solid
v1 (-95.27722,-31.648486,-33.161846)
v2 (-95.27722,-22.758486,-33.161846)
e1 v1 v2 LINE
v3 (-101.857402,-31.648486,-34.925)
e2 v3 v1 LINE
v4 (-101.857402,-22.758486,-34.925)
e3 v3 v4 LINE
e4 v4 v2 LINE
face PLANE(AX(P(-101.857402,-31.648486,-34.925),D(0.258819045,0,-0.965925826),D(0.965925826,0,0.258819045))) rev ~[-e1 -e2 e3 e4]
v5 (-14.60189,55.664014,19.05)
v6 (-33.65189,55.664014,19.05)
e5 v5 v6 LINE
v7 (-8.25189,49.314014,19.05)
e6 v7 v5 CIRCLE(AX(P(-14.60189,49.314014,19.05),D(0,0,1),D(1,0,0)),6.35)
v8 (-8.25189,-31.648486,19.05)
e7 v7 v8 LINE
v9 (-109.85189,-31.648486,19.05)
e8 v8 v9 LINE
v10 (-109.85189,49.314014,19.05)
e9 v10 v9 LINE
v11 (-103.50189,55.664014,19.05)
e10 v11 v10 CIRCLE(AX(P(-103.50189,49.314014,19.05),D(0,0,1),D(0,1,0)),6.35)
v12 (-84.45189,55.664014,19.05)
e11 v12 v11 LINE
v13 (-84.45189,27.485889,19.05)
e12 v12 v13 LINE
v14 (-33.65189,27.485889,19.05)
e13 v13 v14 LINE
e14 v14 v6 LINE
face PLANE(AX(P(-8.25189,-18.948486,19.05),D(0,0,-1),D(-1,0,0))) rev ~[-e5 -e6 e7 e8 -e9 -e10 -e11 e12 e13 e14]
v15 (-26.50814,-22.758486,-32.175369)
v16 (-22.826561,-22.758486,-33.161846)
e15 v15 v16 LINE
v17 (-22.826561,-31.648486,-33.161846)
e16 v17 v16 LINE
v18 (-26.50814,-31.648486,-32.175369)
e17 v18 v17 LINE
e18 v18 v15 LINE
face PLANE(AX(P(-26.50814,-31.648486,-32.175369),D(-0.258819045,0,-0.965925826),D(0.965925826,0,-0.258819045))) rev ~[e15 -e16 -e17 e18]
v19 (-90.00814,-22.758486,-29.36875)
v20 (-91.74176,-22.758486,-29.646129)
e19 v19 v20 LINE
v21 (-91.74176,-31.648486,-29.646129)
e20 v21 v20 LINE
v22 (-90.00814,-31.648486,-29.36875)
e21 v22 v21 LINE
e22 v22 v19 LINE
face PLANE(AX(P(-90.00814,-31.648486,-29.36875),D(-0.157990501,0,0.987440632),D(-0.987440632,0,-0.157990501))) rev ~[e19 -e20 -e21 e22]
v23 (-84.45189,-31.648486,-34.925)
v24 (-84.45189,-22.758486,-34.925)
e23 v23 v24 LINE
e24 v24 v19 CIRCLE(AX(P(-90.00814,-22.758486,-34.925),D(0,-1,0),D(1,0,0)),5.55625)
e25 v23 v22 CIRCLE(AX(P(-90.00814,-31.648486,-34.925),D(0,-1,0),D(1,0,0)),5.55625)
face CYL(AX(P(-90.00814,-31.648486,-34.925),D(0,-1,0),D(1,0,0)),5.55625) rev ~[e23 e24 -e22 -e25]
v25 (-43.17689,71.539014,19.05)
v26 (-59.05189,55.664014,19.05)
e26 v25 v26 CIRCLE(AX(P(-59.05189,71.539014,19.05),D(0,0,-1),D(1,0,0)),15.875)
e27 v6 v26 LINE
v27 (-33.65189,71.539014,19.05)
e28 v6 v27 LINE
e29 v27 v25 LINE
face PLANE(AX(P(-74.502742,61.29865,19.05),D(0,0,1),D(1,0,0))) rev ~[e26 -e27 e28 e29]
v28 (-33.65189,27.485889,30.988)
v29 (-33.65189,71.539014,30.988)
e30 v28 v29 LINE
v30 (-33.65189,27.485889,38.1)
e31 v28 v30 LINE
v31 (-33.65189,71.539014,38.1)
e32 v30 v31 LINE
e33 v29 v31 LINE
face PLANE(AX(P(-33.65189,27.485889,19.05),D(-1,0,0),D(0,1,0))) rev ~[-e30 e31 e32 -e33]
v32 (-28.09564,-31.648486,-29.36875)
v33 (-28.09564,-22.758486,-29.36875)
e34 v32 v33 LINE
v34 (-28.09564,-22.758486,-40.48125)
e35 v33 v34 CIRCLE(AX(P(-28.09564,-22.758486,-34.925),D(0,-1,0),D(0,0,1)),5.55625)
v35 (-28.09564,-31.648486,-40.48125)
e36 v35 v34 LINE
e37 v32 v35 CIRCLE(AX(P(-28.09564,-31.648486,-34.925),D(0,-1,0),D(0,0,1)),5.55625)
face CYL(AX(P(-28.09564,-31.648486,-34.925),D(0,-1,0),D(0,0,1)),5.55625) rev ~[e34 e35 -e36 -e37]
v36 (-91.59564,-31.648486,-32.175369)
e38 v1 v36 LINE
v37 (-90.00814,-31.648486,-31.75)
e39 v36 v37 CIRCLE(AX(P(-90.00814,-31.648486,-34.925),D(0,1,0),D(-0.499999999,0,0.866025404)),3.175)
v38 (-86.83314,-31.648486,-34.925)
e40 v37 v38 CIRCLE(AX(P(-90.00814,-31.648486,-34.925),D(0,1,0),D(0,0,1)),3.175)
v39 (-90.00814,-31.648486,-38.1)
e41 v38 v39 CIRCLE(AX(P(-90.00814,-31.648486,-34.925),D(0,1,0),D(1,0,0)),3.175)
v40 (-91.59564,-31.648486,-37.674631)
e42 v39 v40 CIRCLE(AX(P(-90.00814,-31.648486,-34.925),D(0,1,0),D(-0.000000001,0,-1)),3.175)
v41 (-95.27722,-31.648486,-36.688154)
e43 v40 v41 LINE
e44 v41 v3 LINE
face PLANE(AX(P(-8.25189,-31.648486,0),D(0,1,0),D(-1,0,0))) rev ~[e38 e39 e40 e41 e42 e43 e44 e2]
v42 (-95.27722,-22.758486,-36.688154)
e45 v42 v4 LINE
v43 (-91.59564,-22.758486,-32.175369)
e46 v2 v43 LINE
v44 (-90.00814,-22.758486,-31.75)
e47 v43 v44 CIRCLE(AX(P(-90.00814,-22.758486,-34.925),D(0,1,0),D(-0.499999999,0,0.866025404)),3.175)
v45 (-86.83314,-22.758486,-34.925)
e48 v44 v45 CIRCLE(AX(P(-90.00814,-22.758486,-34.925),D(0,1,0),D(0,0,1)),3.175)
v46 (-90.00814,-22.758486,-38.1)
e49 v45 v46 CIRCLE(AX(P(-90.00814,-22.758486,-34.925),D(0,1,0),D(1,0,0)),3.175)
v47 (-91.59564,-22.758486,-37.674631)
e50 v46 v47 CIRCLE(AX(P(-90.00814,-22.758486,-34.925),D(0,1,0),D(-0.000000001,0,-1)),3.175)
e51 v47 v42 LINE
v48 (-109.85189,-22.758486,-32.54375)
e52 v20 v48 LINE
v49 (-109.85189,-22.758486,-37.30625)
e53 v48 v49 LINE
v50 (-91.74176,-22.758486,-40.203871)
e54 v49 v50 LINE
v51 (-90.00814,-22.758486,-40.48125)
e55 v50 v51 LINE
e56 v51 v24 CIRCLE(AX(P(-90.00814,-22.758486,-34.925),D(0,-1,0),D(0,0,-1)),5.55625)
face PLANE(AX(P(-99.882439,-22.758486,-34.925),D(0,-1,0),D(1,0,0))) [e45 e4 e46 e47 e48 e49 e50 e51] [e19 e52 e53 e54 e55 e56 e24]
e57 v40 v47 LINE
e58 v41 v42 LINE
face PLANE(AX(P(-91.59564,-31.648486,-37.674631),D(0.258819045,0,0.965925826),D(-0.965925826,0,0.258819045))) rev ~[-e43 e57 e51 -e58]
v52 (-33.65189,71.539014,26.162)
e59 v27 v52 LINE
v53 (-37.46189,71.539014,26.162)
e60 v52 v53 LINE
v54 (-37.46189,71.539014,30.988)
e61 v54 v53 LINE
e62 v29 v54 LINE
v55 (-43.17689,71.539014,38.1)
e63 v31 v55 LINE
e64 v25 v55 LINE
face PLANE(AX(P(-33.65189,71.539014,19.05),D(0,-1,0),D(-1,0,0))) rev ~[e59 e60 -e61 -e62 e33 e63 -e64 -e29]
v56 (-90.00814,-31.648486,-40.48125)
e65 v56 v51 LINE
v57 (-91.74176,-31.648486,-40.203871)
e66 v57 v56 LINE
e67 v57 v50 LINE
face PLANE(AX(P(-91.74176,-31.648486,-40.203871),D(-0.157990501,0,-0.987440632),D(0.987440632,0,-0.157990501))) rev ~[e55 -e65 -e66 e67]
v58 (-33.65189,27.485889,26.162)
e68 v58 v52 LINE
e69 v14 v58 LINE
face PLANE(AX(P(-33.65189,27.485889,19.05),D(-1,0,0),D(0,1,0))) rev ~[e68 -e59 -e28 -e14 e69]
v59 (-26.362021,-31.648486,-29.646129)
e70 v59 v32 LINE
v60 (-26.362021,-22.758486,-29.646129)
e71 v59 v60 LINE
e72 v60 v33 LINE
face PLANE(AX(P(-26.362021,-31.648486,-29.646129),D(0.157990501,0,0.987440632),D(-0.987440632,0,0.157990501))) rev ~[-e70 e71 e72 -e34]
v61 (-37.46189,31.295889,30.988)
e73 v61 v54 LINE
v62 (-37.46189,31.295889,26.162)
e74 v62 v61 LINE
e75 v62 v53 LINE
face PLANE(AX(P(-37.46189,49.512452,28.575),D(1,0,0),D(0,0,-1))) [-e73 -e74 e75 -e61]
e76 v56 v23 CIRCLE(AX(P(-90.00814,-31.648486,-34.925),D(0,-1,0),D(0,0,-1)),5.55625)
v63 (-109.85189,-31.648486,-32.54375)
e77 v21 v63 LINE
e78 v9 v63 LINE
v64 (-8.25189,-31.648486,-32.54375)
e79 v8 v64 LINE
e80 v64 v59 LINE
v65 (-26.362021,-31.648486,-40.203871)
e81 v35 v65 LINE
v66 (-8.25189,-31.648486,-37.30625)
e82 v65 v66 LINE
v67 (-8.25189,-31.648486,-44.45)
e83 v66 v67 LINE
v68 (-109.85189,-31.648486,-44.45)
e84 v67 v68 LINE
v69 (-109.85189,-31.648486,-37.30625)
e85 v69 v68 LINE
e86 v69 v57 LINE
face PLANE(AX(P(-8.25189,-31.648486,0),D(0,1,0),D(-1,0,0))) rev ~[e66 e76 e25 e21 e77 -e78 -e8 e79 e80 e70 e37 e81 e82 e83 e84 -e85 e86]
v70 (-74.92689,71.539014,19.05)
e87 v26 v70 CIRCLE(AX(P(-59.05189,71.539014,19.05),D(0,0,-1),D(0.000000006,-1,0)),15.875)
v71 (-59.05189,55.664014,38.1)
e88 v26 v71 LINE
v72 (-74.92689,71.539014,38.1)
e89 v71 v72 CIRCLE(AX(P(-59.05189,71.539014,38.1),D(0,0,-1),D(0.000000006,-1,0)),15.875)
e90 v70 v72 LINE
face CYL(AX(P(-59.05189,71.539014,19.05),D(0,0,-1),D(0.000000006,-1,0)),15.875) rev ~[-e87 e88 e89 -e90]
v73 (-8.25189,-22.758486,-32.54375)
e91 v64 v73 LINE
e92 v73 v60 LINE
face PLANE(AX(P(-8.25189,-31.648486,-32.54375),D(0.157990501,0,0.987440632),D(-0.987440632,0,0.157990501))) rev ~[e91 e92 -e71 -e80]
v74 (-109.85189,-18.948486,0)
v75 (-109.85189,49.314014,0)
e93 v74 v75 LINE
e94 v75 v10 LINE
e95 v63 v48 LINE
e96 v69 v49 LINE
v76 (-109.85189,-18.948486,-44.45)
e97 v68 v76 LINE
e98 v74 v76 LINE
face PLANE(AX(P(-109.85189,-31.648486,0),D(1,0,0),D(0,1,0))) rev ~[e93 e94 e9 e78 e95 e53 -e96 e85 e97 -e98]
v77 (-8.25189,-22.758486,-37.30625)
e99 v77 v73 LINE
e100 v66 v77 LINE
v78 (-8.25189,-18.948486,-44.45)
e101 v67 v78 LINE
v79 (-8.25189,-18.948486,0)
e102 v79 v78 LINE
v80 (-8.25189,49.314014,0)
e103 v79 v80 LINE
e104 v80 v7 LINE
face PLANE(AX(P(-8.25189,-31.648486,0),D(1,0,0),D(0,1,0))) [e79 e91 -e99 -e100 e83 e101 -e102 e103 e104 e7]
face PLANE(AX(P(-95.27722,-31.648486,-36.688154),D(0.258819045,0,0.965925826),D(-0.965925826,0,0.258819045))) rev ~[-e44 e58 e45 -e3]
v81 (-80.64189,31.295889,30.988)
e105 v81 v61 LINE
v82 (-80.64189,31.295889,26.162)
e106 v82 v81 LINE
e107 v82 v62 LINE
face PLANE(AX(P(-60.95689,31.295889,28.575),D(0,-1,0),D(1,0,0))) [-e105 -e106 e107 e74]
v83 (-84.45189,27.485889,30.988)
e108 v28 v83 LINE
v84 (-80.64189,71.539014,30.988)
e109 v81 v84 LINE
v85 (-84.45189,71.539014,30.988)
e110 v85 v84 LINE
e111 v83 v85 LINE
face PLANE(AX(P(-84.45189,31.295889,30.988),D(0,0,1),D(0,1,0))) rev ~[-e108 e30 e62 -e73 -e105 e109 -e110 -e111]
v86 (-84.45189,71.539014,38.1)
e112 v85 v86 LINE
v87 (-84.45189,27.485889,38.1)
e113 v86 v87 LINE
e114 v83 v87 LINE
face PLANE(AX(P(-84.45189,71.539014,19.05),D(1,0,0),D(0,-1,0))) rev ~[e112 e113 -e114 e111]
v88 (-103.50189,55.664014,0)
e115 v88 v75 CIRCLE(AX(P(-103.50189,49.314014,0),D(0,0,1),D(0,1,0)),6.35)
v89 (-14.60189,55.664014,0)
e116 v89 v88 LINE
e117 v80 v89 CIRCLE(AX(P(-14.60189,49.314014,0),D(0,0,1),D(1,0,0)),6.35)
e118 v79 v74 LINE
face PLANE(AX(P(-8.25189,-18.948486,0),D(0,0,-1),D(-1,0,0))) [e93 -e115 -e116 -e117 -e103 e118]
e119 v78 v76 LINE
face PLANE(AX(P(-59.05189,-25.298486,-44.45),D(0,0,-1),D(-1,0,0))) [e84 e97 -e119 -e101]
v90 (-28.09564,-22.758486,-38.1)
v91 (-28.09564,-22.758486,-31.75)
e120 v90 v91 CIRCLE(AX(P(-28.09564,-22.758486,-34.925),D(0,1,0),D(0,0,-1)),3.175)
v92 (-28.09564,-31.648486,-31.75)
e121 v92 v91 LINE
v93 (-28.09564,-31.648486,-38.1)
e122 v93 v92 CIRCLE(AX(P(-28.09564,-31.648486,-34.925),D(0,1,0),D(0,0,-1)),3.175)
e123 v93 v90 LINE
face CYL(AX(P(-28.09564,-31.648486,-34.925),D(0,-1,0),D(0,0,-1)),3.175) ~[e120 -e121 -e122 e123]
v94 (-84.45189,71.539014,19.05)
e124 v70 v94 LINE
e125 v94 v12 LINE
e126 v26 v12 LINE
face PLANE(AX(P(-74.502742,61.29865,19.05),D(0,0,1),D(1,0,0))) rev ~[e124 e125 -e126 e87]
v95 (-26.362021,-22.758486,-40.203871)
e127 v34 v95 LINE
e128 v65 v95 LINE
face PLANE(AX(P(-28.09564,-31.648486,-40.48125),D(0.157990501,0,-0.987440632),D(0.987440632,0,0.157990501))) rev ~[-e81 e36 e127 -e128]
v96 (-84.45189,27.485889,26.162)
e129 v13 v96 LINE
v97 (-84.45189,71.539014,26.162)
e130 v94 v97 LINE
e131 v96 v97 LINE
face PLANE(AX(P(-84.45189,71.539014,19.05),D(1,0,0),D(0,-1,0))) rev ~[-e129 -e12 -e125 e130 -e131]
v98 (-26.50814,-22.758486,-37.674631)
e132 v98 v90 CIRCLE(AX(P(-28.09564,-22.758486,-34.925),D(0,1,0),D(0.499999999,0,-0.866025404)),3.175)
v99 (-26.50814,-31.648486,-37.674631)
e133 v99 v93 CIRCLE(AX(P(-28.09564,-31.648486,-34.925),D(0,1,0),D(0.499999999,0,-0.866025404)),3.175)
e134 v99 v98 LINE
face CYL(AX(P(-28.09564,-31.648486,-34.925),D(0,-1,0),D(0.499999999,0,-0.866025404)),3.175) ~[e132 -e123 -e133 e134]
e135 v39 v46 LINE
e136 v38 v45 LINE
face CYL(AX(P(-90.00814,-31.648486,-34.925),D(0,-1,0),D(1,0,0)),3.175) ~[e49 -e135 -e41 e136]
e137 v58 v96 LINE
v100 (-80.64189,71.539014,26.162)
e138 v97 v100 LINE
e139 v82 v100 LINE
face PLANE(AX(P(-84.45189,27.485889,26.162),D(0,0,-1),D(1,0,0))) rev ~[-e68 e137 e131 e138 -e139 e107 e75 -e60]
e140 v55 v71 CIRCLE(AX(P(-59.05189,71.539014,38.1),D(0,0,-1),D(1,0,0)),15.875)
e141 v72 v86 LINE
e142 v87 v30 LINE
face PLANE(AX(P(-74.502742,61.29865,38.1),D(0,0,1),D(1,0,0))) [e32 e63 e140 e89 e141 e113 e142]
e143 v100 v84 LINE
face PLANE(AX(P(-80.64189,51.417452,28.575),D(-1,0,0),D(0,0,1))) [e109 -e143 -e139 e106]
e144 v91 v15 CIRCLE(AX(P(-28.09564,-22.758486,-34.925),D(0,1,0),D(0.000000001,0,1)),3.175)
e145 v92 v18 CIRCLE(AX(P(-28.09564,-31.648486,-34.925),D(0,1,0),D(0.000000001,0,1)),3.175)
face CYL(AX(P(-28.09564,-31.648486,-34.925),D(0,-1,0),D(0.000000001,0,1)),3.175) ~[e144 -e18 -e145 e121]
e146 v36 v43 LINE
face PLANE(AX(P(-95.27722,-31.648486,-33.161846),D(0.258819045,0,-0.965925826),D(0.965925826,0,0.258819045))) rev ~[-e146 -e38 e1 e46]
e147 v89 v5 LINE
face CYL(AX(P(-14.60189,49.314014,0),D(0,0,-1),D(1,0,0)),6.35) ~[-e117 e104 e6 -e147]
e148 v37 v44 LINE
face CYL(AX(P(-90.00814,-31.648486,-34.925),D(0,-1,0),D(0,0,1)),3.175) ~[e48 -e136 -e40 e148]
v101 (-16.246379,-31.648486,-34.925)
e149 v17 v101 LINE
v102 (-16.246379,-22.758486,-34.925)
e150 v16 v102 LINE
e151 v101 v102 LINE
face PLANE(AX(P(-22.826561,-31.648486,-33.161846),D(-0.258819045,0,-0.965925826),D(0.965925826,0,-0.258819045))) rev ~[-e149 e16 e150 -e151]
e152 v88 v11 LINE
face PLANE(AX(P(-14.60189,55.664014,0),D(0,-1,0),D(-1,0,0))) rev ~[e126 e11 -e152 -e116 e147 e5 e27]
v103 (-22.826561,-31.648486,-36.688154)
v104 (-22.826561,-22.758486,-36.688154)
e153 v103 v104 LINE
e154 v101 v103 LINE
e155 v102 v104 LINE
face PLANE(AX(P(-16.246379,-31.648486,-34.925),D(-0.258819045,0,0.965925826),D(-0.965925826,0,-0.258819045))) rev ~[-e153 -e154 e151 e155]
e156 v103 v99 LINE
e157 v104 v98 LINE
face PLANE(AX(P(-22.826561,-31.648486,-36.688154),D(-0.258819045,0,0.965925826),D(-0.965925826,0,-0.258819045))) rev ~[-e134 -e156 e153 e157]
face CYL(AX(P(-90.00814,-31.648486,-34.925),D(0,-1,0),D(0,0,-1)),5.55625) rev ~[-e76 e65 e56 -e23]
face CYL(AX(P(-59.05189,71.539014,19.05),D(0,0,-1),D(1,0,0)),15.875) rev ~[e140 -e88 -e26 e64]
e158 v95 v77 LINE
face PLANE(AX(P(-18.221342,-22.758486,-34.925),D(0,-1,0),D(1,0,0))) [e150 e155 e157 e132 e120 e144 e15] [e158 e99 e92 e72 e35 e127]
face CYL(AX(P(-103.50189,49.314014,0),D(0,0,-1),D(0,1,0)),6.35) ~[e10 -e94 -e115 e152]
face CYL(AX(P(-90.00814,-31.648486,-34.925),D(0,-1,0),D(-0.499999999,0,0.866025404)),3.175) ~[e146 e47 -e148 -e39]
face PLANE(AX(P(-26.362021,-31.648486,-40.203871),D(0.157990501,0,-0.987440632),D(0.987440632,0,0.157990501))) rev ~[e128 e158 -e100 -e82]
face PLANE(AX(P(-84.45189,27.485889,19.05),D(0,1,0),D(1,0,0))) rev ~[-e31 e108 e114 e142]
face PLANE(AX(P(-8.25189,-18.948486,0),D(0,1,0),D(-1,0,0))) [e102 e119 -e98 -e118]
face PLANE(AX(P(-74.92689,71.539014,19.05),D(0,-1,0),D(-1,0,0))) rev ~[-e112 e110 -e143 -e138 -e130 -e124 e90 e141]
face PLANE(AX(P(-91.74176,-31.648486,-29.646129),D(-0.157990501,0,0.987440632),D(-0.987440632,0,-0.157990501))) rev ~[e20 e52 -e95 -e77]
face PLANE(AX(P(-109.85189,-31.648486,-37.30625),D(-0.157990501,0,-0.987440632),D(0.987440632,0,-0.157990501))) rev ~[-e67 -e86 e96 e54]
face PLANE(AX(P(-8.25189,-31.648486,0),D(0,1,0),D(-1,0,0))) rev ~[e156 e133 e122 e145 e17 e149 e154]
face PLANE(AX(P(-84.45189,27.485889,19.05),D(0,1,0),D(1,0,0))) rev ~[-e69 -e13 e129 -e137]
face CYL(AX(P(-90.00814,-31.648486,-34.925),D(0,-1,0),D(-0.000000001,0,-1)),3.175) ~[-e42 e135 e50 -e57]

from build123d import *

# Parameters (mm, degrees)
BOSS_EXTRUDE4_DEPTH = 19.05
SKETCH4_W           = 101.6
SKETCH4_H           = 19.05
BOSS_EXTRUDE7_DEPTH = 12.7
SKETCH5_W           = 101.6
SKETCH5_H           = 12.7
BOSS_EXTRUDE8_DEPTH = 44.45
CUT_EXTRUDE1_DEPTH  = 8.89
BOSS_EXTRUDE9_DEPTH = 19.05
SKETCH9_W           = 4.826
SKETCH9_H           = 44.053125
CUT_EXTRUDE2_DEPTH  = 3.81
SKETCH10_W          = 46.99
SKETCH10_H          = 4.826
CUT_EXTRUDE3_DEPTH  = 3.81
SKETCH11_W          = 4.826
SKETCH11_H          = 40.243125
CUT_EXTRUDE4_DEPTH  = 3.81


with BuildPart() as part:
    # Sketch1 → Boss-Extrude4 (new body)
    with BuildSketch(Plane.XY):
        with BuildLine():
            Line((-109.851890308, -12.598485557), (-109.851890308, -18.948485557))
            Line((-109.851890308, -18.948485557), (-103.501890308, -18.948485557))
            Line((-103.501890308, -18.948485557), (-14.601890308, -18.948485557))
            Line((-14.601890308, -18.948485557), (-8.251890308, -18.948485557))
            Line((-8.251890308, -18.948485557), (-8.251890308, -12.598485557))
            Line((-8.251890308, -12.598485557), (-8.251890308, 49.314014443))
            ThreePointArc((-8.251890308, 49.314014443), (-10.111762247, 53.804142503), (-14.601890308, 55.664014443))
            Line((-14.601890308, 55.664014443), (-103.501890308, 55.664014443))
            ThreePointArc((-103.501890308, 55.664014443), (-107.992018368, 53.804142503), (-109.851890308, 49.314014443))
            Line((-109.851890308, 49.314014443), (-109.851890308, -12.598485557))
        make_face()
    extrude(amount=BOSS_EXTRUDE4_DEPTH)

    # Sketch4 → Boss-Extrude7 (add)
    with BuildSketch(Plane(origin=(0, -18.948485557, 0), x_dir=(-1, 0, 0), z_dir=(0, -1, 0))):
        with Locations((59.051890308, -9.525)):
            Rectangle(SKETCH4_W, SKETCH4_H)
    extrude(amount=BOSS_EXTRUDE7_DEPTH)

    # Sketch5 → Boss-Extrude8 (add)
    with BuildSketch(Plane(origin=(0, 0, 0), x_dir=(-1, 0, 0), z_dir=(0, 0, -1))):
        with Locations((59.051890308, -25.298485557)):
            Rectangle(SKETCH5_W, SKETCH5_H)
    extrude(amount=BOSS_EXTRUDE8_DEPTH)

    # Sketch7 → Cut-Extrude1 (cut)
    with BuildSketch(Plane.XZ.offset(31.648485557)):
        with BuildLine():
            Line((-26.362020963, -40.203870905), (-8.251890308, -37.30625))
            Line((-8.251890308, -37.30625), (-8.251890308, -32.54375))
            Line((-8.251890308, -32.54375), (-26.362020963, -29.646129095))
            ThreePointArc((-26.362020963, -29.646129095), (-24.177794705, -30.985152301), (-22.826560616, -33.161845648))
            Line((-22.826560616, -33.161845648), (-16.246378994, -34.925))
            Line((-16.246378994, -34.925), (-22.826560616, -36.688154352))
            ThreePointArc((-22.826560616, -36.688154352), (-24.177794705, -38.864847699), (-26.362020963, -40.203870905))
        make_face()
        with BuildLine():
            Line((-28.095640308, -40.48125), (-26.362020963, -40.203870905))
            ThreePointArc((-26.362020963, -40.203870905), (-24.177794705, -38.864847699), (-22.826560616, -36.688154352))
            Line((-22.826560616, -36.688154352), (-26.508140308, -37.674630657))
            ThreePointArc((-26.508140308, -37.674630657), (-27.27388984, -37.991814498), (-28.095640308, -38.1))
            ThreePointArc((-28.095640308, -38.1), (-31.270640308, -34.925), (-28.095640308, -31.75))
            ThreePointArc((-28.095640308, -31.75), (-27.27388984, -31.858185502), (-26.508140308, -32.175369343))
            Line((-26.508140308, -32.175369343), (-22.826560616, -33.161845648))
            ThreePointArc((-22.826560616, -33.161845648), (-24.177794705, -30.985152301), (-26.362020963, -29.646129095))
            Line((-26.362020963, -29.646129095), (-28.095640308, -29.36875))
            ThreePointArc((-28.095640308, -29.36875), (-33.651890308, -34.925), (-28.095640308, -40.48125))
        make_face()
        with BuildLine():
            Line((-109.851890308, -32.54375), (-109.851890308, -37.30625))
            Line((-109.851890308, -37.30625), (-91.741759653, -40.203870905))
            ThreePointArc((-91.741759653, -40.203870905), (-93.925985911, -38.864847699), (-95.277219999, -36.688154352))
            Line((-95.277219999, -36.688154352), (-101.857401622, -34.925))
            Line((-101.857401622, -34.925), (-95.277219999, -33.161845648))
            ThreePointArc((-95.277219999, -33.161845648), (-93.925985911, -30.985152301), (-91.741759653, -29.646129095))
            Line((-91.741759653, -29.646129095), (-109.851890308, -32.54375))
        make_face()
        with BuildLine():
            ThreePointArc((-95.277219999, -36.688154352), (-93.925985911, -38.864847699), (-91.741759653, -40.203870905))
            Line((-91.741759653, -40.203870905), (-90.008140308, -40.48125))
            ThreePointArc((-90.008140308, -40.48125), (-86.079278255, -38.853862053), (-84.451890308, -34.925))
            ThreePointArc((-84.451890308, -34.925), (-86.079278255, -30.996137947), (-90.008140308, -29.36875))
            Line((-90.008140308, -29.36875), (-91.741759653, -29.646129095))
            ThreePointArc((-91.741759653, -29.646129095), (-93.925985911, -30.985152301), (-95.277219999, -33.161845648))
            Line((-95.277219999, -33.161845648), (-91.595640308, -32.175369343))
            ThreePointArc((-91.595640308, -32.175369343), (-90.829890776, -31.858185502), (-90.008140308, -31.75))
            ThreePointArc((-90.008140308, -31.75), (-87.763076278, -32.67993597), (-86.833140308, -34.925))
            ThreePointArc((-86.833140308, -34.925), (-87.763076278, -37.17006403), (-90.008140308, -38.1))
            ThreePointArc((-90.008140308, -38.1), (-90.829890776, -37.991814498), (-91.595640308, -37.674630657))
            Line((-91.595640308, -37.674630657), (-95.277219999, -36.688154352))
        make_face()
    extrude(amount=-CUT_EXTRUDE1_DEPTH, mode=Mode.SUBTRACT)

    # Sketch3 → Boss-Extrude9 (add)
    with BuildSketch(Plane.XY.offset(19.05)):
        with BuildLine():
            Line((-84.451890308, 71.539014443), (-84.451890308, 55.664014443))
            Line((-84.451890308, 55.664014443), (-59.05189022, 55.664014443))
            ThreePointArc((-59.05189022, 55.664014443), (-70.277210428, 60.31369426), (-74.926890308, 71.539014443))
            Line((-74.926890308, 71.539014443), (-84.451890308, 71.539014443))
        make_face()
        Polygon((-84.451890308, 55.664014443), (-84.451890308, 27.485889443), (-33.651890308, 27.485889443), (-33.651890308, 55.664014443), (-59.05189022, 55.664014443), align=None)
        with BuildLine():
            Line((-59.05189022, 55.664014443), (-33.651890308, 55.664014443))
            Line((-33.651890308, 55.664014443), (-33.651890308, 71.539014443))
            Line((-33.651890308, 71.539014443), (-43.176890308, 71.539014443))
            ThreePointArc((-43.176890308, 71.539014443), (-47.826570125, 60.313694322), (-59.05189022, 55.664014443))
        make_face()
    extrude(amount=BOSS_EXTRUDE9_DEPTH)

    # Sketch9 → Cut-Extrude2 (cut)
    with BuildSketch(Plane(origin=(-33.651890308, 0, 0), x_dir=(0, 0, -1), z_dir=(1, 0, 0))):
        with Locations((-28.575, 49.512451943)):
            Rectangle(SKETCH9_W, SKETCH9_H)
    extrude(amount=-CUT_EXTRUDE2_DEPTH, mode=Mode.SUBTRACT)

    # Sketch10 → Cut-Extrude3 (cut)
    with BuildSketch(Plane.XZ.offset(-27.485889443)):
        with Locations((-60.956890308, 28.575)):
            Rectangle(SKETCH10_W, SKETCH10_H)
    extrude(amount=-CUT_EXTRUDE3_DEPTH, mode=Mode.SUBTRACT)

    # Sketch11 → Cut-Extrude4 (cut)
    with BuildSketch(Plane.ZY.offset(84.451890308)):
        with Locations((28.575, 51.417451943)):
            Rectangle(SKETCH11_W, SKETCH11_H)
    extrude(amount=-CUT_EXTRUDE4_DEPTH, mode=Mode.SUBTRACT)


solid = part.part
